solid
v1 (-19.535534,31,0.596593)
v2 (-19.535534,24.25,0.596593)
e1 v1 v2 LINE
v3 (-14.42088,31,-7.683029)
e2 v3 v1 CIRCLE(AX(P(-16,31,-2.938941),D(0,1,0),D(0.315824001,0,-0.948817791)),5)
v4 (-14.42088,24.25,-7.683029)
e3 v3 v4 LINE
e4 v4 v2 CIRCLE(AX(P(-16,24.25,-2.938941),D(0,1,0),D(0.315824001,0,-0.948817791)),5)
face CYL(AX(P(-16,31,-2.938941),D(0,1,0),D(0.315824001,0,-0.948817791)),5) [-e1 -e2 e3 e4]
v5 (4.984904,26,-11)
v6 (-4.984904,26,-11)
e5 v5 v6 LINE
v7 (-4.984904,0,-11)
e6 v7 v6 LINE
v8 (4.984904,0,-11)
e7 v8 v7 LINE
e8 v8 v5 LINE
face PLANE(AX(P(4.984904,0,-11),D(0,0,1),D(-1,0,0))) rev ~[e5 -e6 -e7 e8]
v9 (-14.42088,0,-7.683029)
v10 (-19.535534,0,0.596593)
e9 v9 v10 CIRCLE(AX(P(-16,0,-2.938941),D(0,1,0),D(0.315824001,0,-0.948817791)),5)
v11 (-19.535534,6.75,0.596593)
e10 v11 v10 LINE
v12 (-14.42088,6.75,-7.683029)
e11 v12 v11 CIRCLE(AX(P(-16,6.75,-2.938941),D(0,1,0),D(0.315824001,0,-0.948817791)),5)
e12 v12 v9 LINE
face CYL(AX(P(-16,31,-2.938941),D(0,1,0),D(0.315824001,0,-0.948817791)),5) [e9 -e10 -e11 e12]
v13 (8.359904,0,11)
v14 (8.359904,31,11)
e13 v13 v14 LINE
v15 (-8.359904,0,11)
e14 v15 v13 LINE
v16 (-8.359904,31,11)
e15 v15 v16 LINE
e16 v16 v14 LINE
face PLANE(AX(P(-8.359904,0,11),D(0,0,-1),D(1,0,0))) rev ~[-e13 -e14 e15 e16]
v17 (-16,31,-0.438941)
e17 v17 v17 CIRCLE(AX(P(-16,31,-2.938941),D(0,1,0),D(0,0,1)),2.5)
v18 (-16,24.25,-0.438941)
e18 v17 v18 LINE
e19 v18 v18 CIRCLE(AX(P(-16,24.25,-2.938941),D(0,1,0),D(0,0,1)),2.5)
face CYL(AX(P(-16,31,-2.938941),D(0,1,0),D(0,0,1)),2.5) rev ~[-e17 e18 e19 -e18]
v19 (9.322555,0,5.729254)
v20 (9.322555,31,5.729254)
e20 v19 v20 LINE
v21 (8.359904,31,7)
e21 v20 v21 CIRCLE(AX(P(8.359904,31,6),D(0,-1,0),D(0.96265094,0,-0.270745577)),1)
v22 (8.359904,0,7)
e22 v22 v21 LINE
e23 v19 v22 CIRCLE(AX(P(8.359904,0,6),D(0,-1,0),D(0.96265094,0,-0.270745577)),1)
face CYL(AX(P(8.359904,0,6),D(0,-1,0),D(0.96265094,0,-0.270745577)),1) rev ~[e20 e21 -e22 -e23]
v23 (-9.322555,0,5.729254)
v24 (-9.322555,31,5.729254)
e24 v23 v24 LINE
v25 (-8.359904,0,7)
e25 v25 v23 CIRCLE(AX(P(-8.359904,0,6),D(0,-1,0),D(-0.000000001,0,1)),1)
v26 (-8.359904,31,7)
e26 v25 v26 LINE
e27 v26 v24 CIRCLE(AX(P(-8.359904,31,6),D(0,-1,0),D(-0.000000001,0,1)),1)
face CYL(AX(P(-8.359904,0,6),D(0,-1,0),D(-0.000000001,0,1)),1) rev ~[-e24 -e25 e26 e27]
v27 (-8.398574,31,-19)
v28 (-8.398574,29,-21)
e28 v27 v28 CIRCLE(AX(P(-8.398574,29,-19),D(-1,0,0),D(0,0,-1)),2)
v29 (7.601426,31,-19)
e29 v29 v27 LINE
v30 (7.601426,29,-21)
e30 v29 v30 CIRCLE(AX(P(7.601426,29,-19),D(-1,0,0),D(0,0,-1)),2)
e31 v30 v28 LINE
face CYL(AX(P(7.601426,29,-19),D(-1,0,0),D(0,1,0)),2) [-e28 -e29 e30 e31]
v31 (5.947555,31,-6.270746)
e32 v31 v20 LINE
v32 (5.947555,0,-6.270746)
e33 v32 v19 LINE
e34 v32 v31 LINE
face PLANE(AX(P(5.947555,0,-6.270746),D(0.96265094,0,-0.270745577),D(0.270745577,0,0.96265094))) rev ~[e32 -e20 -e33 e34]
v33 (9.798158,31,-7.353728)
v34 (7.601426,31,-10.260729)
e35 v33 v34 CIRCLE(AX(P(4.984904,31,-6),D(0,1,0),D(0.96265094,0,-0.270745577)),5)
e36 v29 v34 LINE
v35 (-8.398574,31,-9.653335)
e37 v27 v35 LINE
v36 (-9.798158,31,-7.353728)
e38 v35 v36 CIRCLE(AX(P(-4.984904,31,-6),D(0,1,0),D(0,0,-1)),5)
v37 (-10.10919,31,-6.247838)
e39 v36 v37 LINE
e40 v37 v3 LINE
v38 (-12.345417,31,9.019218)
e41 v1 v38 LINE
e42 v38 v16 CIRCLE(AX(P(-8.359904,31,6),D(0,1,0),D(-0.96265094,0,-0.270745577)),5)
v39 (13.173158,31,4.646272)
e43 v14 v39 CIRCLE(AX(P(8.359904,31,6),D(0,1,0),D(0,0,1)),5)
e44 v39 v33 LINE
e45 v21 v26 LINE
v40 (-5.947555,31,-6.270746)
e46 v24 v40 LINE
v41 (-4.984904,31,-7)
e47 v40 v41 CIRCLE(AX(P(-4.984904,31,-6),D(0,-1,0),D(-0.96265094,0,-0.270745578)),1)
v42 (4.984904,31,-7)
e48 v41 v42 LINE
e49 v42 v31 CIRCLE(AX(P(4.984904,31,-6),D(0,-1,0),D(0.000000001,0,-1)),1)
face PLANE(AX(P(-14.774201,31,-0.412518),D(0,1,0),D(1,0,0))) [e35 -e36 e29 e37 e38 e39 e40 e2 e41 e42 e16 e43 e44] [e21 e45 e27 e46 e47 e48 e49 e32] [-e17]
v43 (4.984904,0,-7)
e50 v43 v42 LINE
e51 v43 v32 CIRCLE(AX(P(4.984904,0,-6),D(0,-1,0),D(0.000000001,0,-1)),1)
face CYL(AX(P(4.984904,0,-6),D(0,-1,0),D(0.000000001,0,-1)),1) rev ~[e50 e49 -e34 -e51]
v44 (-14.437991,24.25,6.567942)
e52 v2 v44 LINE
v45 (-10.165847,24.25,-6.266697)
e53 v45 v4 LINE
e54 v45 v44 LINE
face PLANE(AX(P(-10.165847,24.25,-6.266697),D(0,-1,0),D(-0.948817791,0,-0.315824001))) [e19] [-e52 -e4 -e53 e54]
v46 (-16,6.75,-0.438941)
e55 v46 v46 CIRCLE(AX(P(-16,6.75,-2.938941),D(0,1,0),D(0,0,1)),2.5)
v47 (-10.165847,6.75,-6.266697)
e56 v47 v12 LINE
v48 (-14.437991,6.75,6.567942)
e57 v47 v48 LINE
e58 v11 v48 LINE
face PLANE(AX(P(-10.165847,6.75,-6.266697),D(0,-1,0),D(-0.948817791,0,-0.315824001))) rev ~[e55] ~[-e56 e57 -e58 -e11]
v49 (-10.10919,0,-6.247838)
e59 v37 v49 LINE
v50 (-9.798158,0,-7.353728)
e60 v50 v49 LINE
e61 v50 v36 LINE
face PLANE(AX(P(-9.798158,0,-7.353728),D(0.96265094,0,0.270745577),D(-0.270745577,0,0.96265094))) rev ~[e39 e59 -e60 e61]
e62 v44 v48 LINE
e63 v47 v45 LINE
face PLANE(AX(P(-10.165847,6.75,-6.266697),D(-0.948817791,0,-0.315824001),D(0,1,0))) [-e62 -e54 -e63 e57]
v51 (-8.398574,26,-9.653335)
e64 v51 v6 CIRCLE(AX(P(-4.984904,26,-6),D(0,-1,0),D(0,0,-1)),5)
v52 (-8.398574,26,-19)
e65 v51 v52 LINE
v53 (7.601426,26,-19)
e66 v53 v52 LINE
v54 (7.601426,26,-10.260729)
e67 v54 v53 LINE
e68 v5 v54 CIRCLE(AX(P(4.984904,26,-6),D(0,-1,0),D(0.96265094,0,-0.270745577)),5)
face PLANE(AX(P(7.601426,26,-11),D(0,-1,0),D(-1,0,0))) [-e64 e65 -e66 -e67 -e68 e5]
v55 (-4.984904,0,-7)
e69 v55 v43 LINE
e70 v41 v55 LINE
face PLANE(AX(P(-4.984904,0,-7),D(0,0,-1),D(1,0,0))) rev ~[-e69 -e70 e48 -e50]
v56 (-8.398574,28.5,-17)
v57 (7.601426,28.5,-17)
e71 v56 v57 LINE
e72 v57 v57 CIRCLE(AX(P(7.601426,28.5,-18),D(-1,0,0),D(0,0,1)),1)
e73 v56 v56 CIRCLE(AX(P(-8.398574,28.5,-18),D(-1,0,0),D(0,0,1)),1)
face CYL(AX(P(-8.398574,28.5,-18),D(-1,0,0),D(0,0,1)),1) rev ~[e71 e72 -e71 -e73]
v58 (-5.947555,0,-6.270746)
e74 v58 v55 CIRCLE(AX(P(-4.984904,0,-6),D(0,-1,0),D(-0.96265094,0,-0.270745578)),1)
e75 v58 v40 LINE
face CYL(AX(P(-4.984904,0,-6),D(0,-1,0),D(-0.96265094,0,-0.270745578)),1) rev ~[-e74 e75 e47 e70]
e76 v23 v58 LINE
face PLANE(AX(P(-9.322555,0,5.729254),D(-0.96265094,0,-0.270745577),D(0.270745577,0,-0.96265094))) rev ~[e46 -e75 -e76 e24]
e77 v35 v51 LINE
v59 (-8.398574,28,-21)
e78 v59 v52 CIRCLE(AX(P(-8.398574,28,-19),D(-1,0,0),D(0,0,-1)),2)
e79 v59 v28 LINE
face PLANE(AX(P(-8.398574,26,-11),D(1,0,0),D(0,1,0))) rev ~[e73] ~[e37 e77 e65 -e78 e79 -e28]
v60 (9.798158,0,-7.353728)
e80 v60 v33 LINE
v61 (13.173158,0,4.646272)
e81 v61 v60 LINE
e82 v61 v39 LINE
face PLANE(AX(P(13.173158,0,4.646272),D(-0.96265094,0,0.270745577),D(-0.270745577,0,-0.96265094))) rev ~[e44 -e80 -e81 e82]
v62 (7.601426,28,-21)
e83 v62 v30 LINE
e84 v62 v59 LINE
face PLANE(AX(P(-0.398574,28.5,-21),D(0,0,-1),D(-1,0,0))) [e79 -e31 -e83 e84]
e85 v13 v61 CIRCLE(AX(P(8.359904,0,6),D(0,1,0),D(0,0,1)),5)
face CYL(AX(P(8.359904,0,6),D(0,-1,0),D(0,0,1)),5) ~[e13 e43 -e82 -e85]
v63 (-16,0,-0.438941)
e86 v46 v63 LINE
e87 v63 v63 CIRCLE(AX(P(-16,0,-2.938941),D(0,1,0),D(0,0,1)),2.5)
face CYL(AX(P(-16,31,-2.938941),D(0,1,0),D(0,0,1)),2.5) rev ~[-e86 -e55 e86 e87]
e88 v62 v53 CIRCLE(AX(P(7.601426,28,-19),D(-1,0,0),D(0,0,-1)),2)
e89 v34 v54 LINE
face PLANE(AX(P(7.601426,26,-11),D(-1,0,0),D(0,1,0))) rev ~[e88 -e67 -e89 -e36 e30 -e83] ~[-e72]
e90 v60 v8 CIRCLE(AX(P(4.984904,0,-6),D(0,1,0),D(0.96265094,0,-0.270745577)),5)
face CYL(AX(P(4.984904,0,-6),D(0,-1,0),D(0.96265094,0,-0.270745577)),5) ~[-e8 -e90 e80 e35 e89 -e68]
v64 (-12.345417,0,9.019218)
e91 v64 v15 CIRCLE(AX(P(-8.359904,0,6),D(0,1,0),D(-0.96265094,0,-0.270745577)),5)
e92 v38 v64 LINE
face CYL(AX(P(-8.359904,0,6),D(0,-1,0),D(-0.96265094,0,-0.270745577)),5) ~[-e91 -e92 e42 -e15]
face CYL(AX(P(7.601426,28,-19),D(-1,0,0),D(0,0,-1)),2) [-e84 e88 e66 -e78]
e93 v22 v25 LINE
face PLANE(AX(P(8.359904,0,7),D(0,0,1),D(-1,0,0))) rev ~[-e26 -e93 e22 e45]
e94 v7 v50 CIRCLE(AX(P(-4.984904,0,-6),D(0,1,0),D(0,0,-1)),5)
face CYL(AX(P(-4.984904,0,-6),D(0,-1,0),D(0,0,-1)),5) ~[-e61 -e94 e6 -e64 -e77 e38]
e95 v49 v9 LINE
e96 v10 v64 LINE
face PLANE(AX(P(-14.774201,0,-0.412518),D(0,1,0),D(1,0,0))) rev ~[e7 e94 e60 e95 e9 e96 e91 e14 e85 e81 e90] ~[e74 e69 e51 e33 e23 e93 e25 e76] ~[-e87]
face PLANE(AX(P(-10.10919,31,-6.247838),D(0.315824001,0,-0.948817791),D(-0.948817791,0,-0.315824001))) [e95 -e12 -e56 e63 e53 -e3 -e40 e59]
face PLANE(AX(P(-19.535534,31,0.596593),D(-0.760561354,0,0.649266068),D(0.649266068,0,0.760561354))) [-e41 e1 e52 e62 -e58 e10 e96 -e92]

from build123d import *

# Parameters (mm, degrees)
BOSS_EXTRUDE1_DEPTH             = 31
SKETCH2_W                       = 16
SKETCH2_H                       = 5
BOSS_EXTRUDE2_DEPTH             = 10
BOSS_EXTRUDE2_DIRECTION_2_REACH = 42.293
SKETCH3_R                       = 1
CUT_EXTRUDE1_DEPTH              = 44.306250579
FILLET1_R                       = 2
SKETCH4_R                       = 2.5
BOSS_EXTRUDE3_DEPTH             = 31
SKETCH6_W                       = 18.969126519
SKETCH6_H                       = 17.5
CUT_EXTRUDE2_DEPTH              = 43.163504997


with BuildPart() as part:
    # Sketch1 → Boss-Extrude1 (new body)
    with BuildSketch(Plane(origin=(0, 0, 0), x_dir=(1, 0, 0), z_dir=(0, 1, 0))):
        with BuildLine():
            Line((-8.359903733, -11), (8.359903733, -11))
            ThreePointArc((8.359903733, -11), (12.345417465, -9.01921849), (13.173158433, -4.646272115))
            Line((13.173158433, -4.646272115), (9.798158433, 7.353727885))
            ThreePointArc((9.798158433, 7.353727885), (8.004122222, 9.985513732), (4.984903733, 11))
            Line((4.984903733, 11), (-4.984903733, 11))
            ThreePointArc((-4.984903733, 11), (-8.004122222, 9.985513732), (-9.798158433, 7.353727885))
            Line((-9.798158433, 7.353727885), (-13.173158433, -4.646272115))
            ThreePointArc((-13.173158433, -4.646272115), (-12.345417465, -9.01921849), (-8.359903733, -11))
        make_face()
        with BuildLine():
            Line((5.947554673, 6.270745577), (9.322554673, -5.729254423))
            ThreePointArc((9.322554673, -5.729254423), (9.157006479, -6.603843698), (8.359903733, -7))
            Line((8.359903733, -7), (-8.359903733, -7))
            ThreePointArc((-8.359903733, -7), (-9.157006479, -6.603843698), (-9.322554673, -5.729254423))
            Line((-9.322554673, -5.729254423), (-5.947554673, 6.270745577))
            ThreePointArc((-5.947554673, 6.270745577), (-5.588747431, 6.797102746), (-4.984903733, 7))
            Line((-4.984903733, 7), (4.984903733, 7))
            ThreePointArc((4.984903733, 7), (5.588747431, 6.797102746), (5.947554673, 6.270745577))
        make_face(mode=Mode.SUBTRACT)
    extrude(amount=BOSS_EXTRUDE1_DEPTH)

    # Sketch2 → Boss-Extrude2 (add)
    with BuildSketch(Plane(origin=(0, 0, -11), x_dir=(-1, 0, 0), z_dir=(0, 0, -1))):
        with Locations((0.398573677, 28.5)):
            Rectangle(SKETCH2_W, SKETCH2_H)
    extrude(amount=BOSS_EXTRUDE2_DEPTH)

    # Boss-Extrude2 direction 2: up to this face of the body (flat: up to its plane)
    boss_extrude2_direction_2_end = Plane(part.part.faces().sort_by_distance((0, 15.5, -7))[0])
    # Sketch2 → Boss-Extrude2 direction 2 (add, up to the picked face)
    with BuildSketch(Plane(origin=(0, 0, -11), x_dir=(-1, 0, 0), z_dir=(0, 0, -1)), mode=Mode.PRIVATE) as boss_extrude2_direction_2_sk1:
        with Locations((0.398573677, 28.5)):
            Rectangle(SKETCH2_W, SKETCH2_H)
    boss_extrude2_direction_2_tool1 = split(extrude(boss_extrude2_direction_2_sk1.sketch, amount=-BOSS_EXTRUDE2_DIRECTION_2_REACH, mode=Mode.PRIVATE), bisect_by=boss_extrude2_direction_2_end, keep=Keep.BOTH, mode=Mode.PRIVATE)
    add(boss_extrude2_direction_2_tool1.solids().sort_by(Axis((-0.398574, 28.5, -11), (0, 0, 1)))[0])

    # Sketch3 → Cut-Extrude1 (cut, through all)
    with BuildSketch(Plane.ZY.offset(8.398573677)):
        with Locations((-18, 28.5)):
            Circle(SKETCH3_R)
    extrude(amount=-CUT_EXTRUDE1_DEPTH, mode=Mode.SUBTRACT)

    # Fillet1
    fillet1_edges = [part.edges().sort_by_distance(p)[0] for p in [
        (-0.398573677, 31, -21),
        (-0.398573677, 26, -21),
    ]]
    fillet(fillet1_edges, radius=FILLET1_R)

    # Sketch4 → Boss-Extrude3 (add, through all)
    with BuildSketch(Plane(origin=(0, 31, 0), x_dir=(1, 0, 0), z_dir=(0, 1, 0))):
        with BuildLine():
            Line((-19.535533906, -0.596593374), (-12.345417465, -9.01921849))
            Line((-12.345417465, -9.01921849), (-10.109189958, 6.247838019))
            Line((-10.109189958, 6.247838019), (-14.420879995, 7.683029487))
            ThreePointArc((-14.420879995, 7.683029487), (-20.253813291, 5.566690993), (-19.535533906, -0.596593374))
        make_face()
        with Locations(Location((-16, 2.938940532, 0), (0, 0, 270))):
            Circle(SKETCH4_R, mode=Mode.SUBTRACT)
    extrude(amount=-BOSS_EXTRUDE3_DEPTH)

    # Sketch6 → Cut-Extrude2 (cut, through all)
    with BuildSketch(Plane(origin=(0.863884459, 0, -2.595334559), x_dir=(-0.9488177909602633, 0, -0.31582400092026913), z_dir=(0.31582400092026913, 0, -0.9488177909602633))):
        with Locations((21.109272612, 15.5)):
            Rectangle(SKETCH6_W, SKETCH6_H)
    extrude(amount=-CUT_EXTRUDE2_DEPTH, mode=Mode.SUBTRACT)


solid = part.part
